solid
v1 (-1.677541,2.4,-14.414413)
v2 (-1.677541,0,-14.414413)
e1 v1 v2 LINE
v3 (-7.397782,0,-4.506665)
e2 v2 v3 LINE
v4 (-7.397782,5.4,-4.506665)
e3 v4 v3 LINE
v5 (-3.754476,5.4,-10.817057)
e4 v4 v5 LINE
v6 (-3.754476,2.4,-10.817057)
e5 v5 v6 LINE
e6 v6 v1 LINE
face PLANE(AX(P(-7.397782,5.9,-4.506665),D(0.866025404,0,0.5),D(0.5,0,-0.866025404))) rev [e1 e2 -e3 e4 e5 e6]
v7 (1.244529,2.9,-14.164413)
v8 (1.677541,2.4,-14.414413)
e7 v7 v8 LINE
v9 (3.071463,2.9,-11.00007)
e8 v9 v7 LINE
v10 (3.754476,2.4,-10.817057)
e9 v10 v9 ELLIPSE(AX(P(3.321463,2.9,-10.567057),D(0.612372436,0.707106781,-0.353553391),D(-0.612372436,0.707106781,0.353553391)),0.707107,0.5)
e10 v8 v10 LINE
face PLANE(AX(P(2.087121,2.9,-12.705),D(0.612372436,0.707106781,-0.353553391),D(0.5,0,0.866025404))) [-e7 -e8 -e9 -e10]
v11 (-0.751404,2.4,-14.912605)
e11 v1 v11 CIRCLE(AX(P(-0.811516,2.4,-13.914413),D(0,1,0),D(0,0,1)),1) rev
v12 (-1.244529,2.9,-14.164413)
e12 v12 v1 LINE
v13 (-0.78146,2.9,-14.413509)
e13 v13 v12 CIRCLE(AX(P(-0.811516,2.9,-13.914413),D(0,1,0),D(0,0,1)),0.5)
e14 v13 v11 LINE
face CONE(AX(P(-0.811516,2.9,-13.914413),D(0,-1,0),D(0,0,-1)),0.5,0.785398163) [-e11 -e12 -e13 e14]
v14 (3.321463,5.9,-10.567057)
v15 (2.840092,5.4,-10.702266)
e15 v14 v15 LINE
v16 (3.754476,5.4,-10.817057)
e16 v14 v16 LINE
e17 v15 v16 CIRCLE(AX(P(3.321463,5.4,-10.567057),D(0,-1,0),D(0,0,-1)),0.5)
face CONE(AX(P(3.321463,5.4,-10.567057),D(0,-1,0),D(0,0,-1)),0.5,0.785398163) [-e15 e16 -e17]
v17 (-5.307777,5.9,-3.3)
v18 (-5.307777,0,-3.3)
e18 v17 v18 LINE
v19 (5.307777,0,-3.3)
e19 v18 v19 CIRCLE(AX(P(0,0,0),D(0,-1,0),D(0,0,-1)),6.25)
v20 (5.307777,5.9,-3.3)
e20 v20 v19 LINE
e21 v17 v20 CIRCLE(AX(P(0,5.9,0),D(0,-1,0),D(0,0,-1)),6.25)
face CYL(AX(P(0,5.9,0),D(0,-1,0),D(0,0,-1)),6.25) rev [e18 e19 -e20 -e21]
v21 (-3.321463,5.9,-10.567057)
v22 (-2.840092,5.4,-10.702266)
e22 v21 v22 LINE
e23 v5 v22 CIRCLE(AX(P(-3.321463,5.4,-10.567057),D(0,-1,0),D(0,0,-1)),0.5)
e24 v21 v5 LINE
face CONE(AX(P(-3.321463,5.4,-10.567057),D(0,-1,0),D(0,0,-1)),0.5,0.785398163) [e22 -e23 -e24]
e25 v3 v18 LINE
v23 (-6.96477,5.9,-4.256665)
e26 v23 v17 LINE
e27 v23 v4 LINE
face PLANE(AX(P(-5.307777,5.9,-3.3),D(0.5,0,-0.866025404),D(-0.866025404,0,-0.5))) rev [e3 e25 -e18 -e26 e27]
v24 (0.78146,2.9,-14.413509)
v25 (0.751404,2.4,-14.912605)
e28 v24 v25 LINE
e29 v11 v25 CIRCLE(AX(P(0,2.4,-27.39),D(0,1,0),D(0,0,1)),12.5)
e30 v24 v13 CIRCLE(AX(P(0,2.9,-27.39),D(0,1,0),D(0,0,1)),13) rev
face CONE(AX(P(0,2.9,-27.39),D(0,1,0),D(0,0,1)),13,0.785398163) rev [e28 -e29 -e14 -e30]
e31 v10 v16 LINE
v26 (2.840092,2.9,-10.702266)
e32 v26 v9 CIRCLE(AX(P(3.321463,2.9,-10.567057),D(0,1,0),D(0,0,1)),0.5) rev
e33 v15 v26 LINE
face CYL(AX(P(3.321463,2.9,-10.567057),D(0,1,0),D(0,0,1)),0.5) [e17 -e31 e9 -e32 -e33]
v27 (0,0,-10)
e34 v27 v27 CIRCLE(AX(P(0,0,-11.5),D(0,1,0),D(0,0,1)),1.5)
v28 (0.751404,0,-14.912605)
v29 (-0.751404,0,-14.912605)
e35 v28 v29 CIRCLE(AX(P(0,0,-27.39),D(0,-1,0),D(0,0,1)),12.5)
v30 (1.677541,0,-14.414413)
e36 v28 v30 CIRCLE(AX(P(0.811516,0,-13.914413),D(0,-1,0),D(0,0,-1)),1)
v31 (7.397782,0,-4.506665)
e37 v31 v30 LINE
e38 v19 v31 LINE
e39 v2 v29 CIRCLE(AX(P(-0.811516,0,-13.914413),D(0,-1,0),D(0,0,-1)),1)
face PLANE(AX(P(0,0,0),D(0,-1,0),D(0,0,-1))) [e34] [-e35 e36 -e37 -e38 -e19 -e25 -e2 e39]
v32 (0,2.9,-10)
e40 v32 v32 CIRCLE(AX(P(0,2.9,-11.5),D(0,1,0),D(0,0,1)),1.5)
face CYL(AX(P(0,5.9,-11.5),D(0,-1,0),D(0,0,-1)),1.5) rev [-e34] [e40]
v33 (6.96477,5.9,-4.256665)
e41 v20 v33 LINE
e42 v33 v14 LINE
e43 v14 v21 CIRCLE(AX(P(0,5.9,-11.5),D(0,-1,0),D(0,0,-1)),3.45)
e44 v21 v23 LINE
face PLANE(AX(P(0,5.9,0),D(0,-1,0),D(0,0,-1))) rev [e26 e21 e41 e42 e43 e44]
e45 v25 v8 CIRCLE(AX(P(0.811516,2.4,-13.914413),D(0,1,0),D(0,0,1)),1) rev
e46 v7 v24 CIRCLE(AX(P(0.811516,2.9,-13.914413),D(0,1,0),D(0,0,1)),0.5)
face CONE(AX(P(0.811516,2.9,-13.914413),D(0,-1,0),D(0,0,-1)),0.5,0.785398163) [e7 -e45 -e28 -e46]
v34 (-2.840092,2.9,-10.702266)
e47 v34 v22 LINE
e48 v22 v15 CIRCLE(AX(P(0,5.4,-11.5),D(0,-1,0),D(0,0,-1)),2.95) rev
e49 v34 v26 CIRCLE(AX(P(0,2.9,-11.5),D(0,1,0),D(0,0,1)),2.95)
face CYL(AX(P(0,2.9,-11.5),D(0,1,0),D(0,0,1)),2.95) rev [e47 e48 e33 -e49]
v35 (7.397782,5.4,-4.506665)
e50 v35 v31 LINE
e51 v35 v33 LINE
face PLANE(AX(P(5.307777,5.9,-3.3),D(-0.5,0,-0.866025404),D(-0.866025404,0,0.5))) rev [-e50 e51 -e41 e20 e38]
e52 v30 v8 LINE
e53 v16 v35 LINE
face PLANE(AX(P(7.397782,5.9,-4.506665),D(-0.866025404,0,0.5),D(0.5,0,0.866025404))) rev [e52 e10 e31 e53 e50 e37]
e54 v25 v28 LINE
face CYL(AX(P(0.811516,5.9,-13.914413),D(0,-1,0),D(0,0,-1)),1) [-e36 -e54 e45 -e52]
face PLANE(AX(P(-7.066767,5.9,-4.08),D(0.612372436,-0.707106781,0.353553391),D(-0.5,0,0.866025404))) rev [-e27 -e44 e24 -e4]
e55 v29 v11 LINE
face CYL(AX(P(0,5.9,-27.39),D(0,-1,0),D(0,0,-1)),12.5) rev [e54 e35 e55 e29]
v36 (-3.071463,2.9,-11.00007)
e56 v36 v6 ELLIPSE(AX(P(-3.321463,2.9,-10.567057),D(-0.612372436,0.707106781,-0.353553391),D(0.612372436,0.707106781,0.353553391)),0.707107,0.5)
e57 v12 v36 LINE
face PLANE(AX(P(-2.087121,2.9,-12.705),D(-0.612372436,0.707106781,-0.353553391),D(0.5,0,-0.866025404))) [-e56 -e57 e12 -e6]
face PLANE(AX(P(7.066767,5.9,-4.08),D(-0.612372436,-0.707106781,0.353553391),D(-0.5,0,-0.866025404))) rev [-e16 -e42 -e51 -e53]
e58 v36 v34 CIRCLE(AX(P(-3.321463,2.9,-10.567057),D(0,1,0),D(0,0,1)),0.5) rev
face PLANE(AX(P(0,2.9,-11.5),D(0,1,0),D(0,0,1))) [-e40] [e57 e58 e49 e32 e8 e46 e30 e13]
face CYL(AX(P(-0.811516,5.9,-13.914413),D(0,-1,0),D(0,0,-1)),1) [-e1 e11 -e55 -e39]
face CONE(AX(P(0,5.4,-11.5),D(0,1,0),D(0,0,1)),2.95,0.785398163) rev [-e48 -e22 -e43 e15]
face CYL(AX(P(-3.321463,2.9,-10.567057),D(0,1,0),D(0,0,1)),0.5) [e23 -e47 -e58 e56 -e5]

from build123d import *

# Parameters (mm, degrees)
SKETCH1_R                = 1.5
BASE_DEPTH               = 5.9
FASTENER_CLEARANCE_DEPTH = 3
FASTENER_FILLET_R        = 0.5
BASE_FILLET_R            = 1
BODY_CHAMFER_SIZE        = 0.5


with BuildPart() as part:
    # Sketch1 → Base (new body)
    with BuildSketch(Plane(origin=(0, 0, 0), x_dir=(1, 0, 0), z_dir=(0, 1, 0))):
        with BuildLine():
            Line((5.307777313, 3.3), (7.397782409, 4.506665005))
            Line((7.397782409, 4.506665005), (1.360112218, 14.964216534))
            ThreePointArc((1.360112218, 14.964216534), (0, 14.89), (-1.360112218, 14.964216534))
            Line((-1.360112218, 14.964216534), (-7.397782409, 4.506665005))
            Line((-7.397782409, 4.506665005), (-5.307777313, 3.3))
            ThreePointArc((-5.307777313, 3.3), (0, 6.25), (5.307777313, 3.3))
        make_face()
        with Locations((0, 11.5)):
            Circle(SKETCH1_R, mode=Mode.SUBTRACT)
    extrude(amount=BASE_DEPTH)

    # Sketch2 → Fastener Clearance (cut)
    with BuildSketch(Plane(origin=(0, 5.9, 0), x_dir=(1, 0, 0), z_dir=(0, 1, 0))):
        with BuildLine():
            Line((-2.762208294, 12.535714894), (-1.360112218, 14.964216534))
            ThreePointArc((-1.360112218, 14.964216534), (0, 14.89), (1.360112218, 14.964216534))
            Line((1.360112218, 14.964216534), (2.762208294, 12.535714894))
            ThreePointArc((2.762208294, 12.535714894), (0, 8.55), (-2.762208294, 12.535714894))
        make_face()
    extrude(amount=-FASTENER_CLEARANCE_DEPTH, mode=Mode.SUBTRACT)

    # Fastener Fillet
    fastener_fillet_edges = [part.edges().sort_by_distance(p)[0] for p in [
        (2.762208294, 4.4, -12.535714894),
        (-2.762208294, 4.4, -12.535714894),
    ]]
    fillet(fastener_fillet_edges, radius=FASTENER_FILLET_R)

    # Base Fillet
    base_fillet_edges = [part.edges().sort_by_distance(p)[0] for p in [
        (-1.360112218, 1.45, -14.964216534),
        (1.360112218, 1.45, -14.964216534),
    ]]
    fillet(base_fillet_edges, radius=BASE_FILLET_R)

    # Body Chamfer
    body_chamfer_edges = [part.edges().sort_by_distance(p)[0] for p in [
        (5.576129132, 5.9, -7.661861034),
        (2.219874831, 2.9, -13.475064006),
        (0, 5.9, -8.55),
        (-5.576129132, 5.9, -7.661861034),
        (-3.259182505, 5.9, -11.063163021),
        (3.259182505, 5.9, -11.063163021),
        (-2.219874831, 2.9, -13.475064006),
        (0, 2.9, -14.89),
        (1.285248704, 2.9, -14.795081779),
        (-1.285248704, 2.9, -14.795081779),
    ]]
    chamfer(body_chamfer_edges, length=BODY_CHAMFER_SIZE)


solid = part.part
